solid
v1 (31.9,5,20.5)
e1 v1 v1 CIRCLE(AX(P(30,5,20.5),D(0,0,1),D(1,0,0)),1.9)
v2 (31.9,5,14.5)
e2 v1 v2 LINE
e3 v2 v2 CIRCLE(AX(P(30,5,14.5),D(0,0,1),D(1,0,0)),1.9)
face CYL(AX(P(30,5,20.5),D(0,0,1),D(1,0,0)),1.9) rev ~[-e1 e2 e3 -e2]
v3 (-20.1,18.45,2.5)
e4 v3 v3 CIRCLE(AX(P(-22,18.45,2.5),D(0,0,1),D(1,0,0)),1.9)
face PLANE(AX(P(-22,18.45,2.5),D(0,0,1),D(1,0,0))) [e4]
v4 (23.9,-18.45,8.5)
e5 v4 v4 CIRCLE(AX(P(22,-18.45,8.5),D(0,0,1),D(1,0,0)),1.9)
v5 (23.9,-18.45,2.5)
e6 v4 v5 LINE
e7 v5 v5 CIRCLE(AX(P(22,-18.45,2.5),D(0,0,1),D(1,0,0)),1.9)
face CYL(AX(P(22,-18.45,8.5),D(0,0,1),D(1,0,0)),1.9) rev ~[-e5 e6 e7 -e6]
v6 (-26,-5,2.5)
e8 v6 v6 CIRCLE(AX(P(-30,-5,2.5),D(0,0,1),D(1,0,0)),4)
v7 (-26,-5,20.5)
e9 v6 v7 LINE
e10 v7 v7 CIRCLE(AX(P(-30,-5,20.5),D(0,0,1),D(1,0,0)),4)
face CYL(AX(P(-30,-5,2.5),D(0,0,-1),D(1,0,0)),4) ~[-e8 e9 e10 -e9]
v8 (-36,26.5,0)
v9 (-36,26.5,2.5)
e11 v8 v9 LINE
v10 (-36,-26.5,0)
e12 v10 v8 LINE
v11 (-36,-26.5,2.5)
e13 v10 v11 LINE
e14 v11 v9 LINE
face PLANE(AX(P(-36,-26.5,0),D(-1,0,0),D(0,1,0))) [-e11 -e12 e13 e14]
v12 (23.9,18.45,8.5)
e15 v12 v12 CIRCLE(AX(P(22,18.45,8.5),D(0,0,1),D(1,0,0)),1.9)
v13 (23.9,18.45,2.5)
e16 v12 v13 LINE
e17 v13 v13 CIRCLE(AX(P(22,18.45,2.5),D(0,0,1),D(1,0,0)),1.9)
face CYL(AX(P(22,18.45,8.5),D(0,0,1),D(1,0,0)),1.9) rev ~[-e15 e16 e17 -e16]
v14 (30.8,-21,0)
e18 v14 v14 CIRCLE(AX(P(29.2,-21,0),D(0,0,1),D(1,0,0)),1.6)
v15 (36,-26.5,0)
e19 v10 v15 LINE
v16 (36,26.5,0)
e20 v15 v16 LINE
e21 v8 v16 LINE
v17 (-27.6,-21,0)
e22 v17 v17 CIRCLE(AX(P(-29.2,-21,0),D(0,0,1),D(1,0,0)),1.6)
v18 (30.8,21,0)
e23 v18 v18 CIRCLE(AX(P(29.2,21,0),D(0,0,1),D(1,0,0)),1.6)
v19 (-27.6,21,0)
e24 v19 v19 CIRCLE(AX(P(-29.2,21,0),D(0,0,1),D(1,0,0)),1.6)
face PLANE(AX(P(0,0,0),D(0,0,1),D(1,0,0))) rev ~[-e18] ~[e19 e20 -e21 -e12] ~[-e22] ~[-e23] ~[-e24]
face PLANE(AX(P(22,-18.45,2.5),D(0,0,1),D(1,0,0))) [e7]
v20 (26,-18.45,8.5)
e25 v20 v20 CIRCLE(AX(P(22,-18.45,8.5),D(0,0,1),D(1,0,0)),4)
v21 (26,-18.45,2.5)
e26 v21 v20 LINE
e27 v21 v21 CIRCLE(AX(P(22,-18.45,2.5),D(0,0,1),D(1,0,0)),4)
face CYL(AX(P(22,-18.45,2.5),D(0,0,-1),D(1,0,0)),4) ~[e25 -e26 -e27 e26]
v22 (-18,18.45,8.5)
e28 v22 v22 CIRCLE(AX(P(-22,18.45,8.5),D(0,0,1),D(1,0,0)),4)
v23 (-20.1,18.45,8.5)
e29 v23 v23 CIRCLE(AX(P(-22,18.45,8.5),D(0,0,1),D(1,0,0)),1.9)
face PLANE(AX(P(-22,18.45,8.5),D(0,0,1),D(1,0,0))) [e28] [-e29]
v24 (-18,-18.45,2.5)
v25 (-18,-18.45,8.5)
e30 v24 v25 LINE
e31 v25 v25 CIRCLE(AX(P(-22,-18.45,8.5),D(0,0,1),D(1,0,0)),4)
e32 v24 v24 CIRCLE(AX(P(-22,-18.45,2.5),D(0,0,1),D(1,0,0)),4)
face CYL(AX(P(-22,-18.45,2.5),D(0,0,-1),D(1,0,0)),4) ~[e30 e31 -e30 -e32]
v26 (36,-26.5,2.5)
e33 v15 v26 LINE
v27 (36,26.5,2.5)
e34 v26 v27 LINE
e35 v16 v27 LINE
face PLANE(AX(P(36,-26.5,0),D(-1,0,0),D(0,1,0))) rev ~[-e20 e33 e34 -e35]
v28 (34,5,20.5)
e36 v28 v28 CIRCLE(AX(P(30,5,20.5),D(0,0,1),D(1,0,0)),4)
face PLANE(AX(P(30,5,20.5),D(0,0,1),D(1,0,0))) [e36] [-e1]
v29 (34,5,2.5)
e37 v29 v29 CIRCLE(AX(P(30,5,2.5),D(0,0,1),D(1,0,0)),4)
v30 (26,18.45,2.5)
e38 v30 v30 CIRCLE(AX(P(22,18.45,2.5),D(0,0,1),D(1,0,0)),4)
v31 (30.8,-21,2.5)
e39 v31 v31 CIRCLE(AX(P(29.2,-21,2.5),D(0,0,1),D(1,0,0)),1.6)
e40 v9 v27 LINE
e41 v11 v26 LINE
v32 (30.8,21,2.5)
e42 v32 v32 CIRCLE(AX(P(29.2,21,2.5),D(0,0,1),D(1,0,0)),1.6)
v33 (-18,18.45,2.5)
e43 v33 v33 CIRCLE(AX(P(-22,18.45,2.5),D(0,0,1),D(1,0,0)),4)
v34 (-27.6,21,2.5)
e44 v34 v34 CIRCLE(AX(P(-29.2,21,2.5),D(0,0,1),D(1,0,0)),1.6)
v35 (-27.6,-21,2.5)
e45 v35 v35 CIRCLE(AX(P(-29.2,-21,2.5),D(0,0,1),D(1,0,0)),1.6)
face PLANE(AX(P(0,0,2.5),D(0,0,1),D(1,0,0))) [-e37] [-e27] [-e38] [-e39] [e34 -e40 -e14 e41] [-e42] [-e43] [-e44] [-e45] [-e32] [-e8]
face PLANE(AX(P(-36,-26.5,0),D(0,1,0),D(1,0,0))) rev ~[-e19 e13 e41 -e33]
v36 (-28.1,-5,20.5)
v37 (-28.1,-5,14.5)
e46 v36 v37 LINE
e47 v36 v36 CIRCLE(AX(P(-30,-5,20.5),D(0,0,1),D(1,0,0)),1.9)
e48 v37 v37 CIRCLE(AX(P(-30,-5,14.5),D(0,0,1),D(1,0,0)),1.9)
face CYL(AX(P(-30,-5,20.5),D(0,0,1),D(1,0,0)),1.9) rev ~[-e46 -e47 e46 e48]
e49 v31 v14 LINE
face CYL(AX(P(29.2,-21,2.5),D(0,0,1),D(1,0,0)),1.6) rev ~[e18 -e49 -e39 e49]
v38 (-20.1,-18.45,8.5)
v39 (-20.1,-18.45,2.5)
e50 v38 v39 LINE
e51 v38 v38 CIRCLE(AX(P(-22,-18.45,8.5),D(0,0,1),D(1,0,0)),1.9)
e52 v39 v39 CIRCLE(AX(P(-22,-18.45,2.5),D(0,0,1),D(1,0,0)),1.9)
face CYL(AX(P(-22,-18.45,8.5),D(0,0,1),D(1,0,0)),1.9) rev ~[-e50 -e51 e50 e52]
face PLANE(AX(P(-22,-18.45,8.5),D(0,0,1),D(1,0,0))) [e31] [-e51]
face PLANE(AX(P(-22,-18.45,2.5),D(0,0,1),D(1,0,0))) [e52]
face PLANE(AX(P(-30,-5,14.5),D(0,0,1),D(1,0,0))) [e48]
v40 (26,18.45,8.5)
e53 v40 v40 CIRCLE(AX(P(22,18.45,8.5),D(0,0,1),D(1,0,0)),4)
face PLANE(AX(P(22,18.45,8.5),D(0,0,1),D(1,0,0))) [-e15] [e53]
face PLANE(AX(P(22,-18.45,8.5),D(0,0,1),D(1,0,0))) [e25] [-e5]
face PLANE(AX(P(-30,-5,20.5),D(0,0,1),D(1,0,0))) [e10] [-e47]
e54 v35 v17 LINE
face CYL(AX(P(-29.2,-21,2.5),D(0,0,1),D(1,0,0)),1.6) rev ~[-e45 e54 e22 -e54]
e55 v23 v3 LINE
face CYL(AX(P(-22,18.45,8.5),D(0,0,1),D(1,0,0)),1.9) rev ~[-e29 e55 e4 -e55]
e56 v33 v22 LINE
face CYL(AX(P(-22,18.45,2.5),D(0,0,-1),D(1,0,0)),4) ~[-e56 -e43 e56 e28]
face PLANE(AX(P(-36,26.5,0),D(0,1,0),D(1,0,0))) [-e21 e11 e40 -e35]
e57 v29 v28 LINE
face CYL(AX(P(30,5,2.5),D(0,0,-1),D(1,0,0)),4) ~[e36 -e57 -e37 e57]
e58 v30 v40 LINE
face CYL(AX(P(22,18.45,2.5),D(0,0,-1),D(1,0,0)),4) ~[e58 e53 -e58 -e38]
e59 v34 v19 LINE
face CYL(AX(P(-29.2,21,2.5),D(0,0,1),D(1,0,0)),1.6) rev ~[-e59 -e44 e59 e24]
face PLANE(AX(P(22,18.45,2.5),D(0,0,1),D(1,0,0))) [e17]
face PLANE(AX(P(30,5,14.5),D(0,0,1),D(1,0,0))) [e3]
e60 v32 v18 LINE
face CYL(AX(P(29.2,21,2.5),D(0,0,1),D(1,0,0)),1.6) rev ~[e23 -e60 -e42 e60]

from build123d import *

# Parameters (mm, degrees)
SKETCH_W      = 72
SKETCH_H      = 53
PAD_DEPTH     = 2.5
SKETCH001_R   = 4
PAD001_DEPTH  = 6
SKETCH002_R   = 1.9
HOLE_DEPTH    = 6
SKETCH003_R   = 1.6
HOLE001_DEPTH = 2.501
SKETCH004_R   = 4
PAD002_DEPTH  = 18
SKETCH005_R   = 1.9
HOLE002_DEPTH = 6


with BuildPart() as part:
    # Sketch → Pad (new body)
    with BuildSketch(Plane.XY):
        Rectangle(SKETCH_W, SKETCH_H)
    extrude(amount=PAD_DEPTH)

    # Sketch001 (on Face6 of Pad) → Pad001 (join)
    with BuildSketch(Plane.XY.offset(2.5)):
        with Locations((-22, 18.45)):
            Circle(SKETCH001_R)
        with Locations((22, 18.45)):
            Circle(SKETCH001_R)
        with Locations((-22, -18.45)):
            Circle(SKETCH001_R)
        with Locations((22, -18.45)):
            Circle(SKETCH001_R)
    extrude(amount=PAD001_DEPTH)

    # Sketch002 (on Face14 of Pad001) → Hole (cut)
    with BuildSketch(Plane.XY.offset(8.5)):
        with Locations((-22, 18.45)):
            Circle(SKETCH002_R)
        with Locations((22, 18.45)):
            Circle(SKETCH002_R)
        with Locations((-22, -18.45)):
            Circle(SKETCH002_R)
        with Locations((22, -18.45)):
            Circle(SKETCH002_R)
    extrude(amount=-HOLE_DEPTH, mode=Mode.SUBTRACT)

    # Sketch003 (on Face5 of Hole) → Hole001 (cut, through all)
    with BuildSketch(Plane.XY.offset(2.5)):
        with Locations((-29.2, 21)):
            Circle(SKETCH003_R)
        with Locations((-29.2, -21)):
            Circle(SKETCH003_R)
        with Locations((29.2, 21)):
            Circle(SKETCH003_R)
        with Locations((29.2, -21)):
            Circle(SKETCH003_R)
    extrude(amount=-HOLE001_DEPTH, mode=Mode.SUBTRACT)

    # Sketch004 (on Face5 of Hole001) → Pad002 (join)
    with BuildSketch(Plane.XY.offset(2.5)):
        with Locations((30, 5)):
            Circle(SKETCH004_R)
        with Locations((-30, -5)):
            Circle(SKETCH004_R)
    extrude(amount=PAD002_DEPTH)

    # Sketch005 (on Face19 of Pad002) → Hole002 (cut)
    with BuildSketch(Plane.XY.offset(20.5)):
        with Locations((-30, -5)):
            Circle(SKETCH005_R)
        with Locations((30, 5)):
            Circle(SKETCH005_R)
    extrude(amount=-HOLE002_DEPTH, mode=Mode.SUBTRACT)


solid = part.part
